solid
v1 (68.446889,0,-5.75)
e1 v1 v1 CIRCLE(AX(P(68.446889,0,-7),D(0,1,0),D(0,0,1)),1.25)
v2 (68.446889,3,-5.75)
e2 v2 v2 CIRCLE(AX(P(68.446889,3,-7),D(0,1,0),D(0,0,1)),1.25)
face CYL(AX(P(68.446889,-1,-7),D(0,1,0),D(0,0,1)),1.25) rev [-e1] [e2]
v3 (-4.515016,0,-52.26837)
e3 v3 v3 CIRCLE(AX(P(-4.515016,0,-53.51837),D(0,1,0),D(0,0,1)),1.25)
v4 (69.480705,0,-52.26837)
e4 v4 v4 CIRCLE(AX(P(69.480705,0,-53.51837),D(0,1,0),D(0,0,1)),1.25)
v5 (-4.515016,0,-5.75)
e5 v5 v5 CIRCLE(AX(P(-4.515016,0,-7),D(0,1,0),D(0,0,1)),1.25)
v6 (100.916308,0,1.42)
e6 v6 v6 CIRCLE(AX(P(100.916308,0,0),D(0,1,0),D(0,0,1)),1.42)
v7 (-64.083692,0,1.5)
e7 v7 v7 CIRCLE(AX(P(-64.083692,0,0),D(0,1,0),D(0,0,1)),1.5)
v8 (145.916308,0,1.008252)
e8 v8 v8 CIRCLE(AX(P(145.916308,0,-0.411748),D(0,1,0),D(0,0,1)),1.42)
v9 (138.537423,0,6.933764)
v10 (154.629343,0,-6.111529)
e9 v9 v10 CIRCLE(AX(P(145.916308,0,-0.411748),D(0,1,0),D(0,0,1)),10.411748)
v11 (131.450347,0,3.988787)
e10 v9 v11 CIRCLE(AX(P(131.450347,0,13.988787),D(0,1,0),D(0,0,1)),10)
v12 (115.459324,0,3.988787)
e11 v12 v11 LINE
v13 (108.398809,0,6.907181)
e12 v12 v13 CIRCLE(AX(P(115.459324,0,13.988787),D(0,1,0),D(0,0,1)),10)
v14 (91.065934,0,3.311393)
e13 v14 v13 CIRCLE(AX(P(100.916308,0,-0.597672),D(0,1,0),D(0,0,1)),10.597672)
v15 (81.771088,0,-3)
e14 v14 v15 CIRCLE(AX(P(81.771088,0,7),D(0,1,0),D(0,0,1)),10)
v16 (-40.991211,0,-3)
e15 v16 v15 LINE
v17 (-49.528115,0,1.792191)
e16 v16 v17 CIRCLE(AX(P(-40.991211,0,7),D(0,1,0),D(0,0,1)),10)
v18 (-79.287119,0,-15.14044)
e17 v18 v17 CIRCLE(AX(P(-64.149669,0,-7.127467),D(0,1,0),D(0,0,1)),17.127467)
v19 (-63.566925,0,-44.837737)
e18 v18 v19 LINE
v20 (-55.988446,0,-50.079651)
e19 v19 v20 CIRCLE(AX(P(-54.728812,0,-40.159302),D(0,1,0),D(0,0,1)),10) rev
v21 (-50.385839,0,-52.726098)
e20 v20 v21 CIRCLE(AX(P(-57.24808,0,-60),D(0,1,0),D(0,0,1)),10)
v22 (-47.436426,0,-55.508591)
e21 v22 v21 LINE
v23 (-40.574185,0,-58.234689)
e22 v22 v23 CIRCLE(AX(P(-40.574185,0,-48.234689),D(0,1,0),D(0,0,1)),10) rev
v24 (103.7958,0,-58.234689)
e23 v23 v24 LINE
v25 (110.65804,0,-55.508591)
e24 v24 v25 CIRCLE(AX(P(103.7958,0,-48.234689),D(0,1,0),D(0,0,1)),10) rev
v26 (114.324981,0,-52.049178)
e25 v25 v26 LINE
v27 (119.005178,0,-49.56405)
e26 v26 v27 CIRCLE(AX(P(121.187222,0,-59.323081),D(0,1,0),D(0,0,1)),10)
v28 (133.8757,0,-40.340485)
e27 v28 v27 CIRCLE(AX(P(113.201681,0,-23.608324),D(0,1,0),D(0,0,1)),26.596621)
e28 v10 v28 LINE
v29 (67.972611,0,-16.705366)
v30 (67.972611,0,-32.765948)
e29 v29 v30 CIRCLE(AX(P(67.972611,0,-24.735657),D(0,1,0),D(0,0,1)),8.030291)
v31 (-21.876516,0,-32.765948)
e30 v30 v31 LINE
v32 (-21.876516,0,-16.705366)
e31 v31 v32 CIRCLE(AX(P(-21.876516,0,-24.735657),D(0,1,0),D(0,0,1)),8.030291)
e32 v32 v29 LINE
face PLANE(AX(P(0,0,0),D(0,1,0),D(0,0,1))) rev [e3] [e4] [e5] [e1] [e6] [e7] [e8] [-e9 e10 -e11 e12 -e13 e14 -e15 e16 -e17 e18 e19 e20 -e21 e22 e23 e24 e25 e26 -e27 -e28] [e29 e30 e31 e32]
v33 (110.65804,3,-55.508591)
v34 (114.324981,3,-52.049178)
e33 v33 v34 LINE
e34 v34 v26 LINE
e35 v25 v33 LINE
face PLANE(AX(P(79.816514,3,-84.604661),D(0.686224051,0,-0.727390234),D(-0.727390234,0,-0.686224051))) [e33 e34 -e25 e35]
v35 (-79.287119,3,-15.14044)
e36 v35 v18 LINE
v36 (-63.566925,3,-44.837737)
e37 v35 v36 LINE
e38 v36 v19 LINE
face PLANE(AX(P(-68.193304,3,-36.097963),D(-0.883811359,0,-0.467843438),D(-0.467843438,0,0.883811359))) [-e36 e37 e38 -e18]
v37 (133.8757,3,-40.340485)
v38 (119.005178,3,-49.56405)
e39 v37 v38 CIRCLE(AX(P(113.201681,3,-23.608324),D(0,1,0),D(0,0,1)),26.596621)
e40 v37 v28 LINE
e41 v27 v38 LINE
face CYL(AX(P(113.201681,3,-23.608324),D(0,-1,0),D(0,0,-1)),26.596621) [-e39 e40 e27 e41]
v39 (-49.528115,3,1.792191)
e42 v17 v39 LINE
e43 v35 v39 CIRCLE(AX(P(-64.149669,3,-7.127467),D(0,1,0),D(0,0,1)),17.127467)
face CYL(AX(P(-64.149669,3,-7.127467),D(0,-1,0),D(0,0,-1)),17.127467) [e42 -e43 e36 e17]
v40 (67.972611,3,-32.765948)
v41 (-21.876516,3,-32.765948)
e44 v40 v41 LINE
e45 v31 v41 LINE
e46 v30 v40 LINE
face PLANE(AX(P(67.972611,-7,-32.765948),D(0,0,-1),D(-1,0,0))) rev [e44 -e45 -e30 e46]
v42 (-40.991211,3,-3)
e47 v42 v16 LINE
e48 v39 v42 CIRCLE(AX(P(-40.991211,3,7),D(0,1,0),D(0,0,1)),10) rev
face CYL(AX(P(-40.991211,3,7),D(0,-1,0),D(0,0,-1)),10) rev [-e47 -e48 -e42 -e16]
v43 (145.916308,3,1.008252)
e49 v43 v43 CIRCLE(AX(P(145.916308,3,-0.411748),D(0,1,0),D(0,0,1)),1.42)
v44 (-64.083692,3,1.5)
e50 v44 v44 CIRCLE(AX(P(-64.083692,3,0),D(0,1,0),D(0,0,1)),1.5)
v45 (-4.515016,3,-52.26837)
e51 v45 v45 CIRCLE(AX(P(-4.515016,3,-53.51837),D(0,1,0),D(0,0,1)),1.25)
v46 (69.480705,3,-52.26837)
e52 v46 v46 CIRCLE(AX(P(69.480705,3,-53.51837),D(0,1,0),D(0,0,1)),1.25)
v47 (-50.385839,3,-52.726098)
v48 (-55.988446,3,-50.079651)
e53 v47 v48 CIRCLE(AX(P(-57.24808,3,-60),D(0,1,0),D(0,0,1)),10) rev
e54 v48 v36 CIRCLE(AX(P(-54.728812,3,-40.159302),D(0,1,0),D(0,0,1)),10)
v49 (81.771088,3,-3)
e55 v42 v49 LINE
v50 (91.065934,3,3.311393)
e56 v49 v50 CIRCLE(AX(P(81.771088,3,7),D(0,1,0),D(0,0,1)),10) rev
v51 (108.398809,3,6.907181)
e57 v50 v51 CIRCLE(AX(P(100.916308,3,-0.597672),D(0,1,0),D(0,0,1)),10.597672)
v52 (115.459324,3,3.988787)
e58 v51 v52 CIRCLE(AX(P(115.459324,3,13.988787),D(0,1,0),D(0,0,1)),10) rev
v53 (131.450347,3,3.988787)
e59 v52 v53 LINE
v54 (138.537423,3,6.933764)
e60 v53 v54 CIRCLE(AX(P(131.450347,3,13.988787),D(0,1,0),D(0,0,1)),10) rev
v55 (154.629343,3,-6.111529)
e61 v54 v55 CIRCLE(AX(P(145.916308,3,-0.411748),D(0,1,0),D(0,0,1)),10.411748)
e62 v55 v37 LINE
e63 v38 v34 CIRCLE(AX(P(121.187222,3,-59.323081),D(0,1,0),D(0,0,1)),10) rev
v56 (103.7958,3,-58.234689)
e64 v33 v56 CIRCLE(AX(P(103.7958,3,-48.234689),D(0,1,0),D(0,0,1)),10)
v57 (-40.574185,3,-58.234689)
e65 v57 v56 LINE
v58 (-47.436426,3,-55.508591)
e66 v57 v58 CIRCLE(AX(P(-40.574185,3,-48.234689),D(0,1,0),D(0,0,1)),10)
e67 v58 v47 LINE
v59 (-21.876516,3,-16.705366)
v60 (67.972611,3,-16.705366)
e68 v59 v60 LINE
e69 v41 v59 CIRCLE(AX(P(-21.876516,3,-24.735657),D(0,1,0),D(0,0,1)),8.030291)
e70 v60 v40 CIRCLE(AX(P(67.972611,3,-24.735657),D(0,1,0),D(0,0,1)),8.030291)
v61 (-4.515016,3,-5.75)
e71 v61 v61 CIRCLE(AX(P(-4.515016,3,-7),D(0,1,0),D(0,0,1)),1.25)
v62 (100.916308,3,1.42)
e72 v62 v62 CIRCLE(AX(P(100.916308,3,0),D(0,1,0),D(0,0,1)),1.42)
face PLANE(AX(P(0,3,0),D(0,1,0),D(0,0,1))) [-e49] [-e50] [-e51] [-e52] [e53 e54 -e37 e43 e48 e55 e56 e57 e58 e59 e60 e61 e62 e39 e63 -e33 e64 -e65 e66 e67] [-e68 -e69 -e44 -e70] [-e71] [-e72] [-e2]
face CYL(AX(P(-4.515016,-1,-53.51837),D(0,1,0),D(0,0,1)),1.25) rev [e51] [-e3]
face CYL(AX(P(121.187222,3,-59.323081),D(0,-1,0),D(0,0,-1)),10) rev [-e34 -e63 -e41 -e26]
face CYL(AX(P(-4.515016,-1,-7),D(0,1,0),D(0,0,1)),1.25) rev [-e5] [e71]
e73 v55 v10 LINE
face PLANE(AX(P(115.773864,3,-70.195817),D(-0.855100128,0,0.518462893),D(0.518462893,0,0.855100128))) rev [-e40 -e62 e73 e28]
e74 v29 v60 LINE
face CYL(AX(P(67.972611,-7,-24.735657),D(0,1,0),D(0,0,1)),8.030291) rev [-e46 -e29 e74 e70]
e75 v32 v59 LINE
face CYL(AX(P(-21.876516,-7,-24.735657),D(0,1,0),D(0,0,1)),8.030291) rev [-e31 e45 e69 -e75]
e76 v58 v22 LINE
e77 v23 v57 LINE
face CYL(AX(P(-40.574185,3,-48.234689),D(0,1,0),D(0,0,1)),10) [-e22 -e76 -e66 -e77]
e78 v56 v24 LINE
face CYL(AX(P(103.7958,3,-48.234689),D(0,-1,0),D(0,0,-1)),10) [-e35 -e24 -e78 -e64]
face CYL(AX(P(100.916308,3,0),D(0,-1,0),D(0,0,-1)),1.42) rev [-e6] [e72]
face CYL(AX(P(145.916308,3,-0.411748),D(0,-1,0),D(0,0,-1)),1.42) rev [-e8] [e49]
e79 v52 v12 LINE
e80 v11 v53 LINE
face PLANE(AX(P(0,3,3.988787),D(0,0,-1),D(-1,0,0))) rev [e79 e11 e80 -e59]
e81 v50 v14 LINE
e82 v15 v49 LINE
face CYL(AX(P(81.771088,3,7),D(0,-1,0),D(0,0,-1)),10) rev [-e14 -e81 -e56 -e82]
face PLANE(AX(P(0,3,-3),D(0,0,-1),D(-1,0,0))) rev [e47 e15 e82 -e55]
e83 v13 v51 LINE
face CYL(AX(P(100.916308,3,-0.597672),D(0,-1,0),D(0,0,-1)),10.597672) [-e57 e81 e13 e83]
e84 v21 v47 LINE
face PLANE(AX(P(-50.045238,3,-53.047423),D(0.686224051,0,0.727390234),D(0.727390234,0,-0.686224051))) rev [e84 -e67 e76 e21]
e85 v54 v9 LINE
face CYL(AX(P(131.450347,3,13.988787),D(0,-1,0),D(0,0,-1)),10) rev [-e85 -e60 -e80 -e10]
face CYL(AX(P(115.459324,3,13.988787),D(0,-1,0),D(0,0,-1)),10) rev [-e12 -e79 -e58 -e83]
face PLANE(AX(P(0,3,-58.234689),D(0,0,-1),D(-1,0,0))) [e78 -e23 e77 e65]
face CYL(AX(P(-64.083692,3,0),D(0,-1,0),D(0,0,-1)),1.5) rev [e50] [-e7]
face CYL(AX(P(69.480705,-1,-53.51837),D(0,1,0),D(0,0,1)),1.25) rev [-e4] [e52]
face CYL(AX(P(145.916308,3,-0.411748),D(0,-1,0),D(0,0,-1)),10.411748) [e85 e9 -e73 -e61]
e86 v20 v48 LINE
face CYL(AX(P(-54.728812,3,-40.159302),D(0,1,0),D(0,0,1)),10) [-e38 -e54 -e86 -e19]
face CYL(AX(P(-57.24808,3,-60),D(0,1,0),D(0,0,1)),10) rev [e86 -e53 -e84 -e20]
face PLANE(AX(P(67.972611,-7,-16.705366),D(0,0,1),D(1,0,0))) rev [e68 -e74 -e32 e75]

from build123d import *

# Parameters (mm, degrees)
SKETCH1_R           = 1.42
SKETCH1_R_2         = 1.5
BOSS_EXTRUDE1_DEPTH = 3
CUT_EXTRUDE1_DEPTH  = 10
SKETCH3_R           = 1.25
CUT_EXTRUDE2_DEPTH  = 4
FILLET3_R           = 10
FILLET5_R           = 10
FILLET6_R           = 10


with BuildPart() as part:
    # Sketch1 → Boss-Extrude1 (new body)
    with BuildSketch(Plane(origin=(0, 0, 0), x_dir=(1, 0, 0), z_dir=(0, 1, 0))):
        with BuildLine():
            ThreePointArc((133.875699804, 40.34048493), (126.122977609, 46.855267092), (116.497088404, 50))
            Line((116.497088404, 50), (107.768405602, 58.234688612))
            Line((107.768405602, 58.234688612), (-44.546790917, 58.234688612))
            Line((-44.546790917, 58.234688612), (-53.27547372, 50))
            Line((-53.27547372, 50), (-60.834293515, 50))
            Line((-60.834293515, 50), (-79.287118585, 15.140440013))
            ThreePointArc((-79.287118585, 15.140440013), (-70.265146029, -8.871003651), (-47.526969146, 3))
            Line((-47.526969146, 3), (90.594512312, 3))
            ThreePointArc((90.594512312, 3), (97.400879011, -9.399948213), (110.470105416, -3.988787107))
            Line((110.470105416, -3.988787107), (136.480218576, -3.988787107))
            ThreePointArc((136.480218576, -3.988787107), (150.979390144, -8.686037245), (154.629343476, 6.111529301))
            Line((154.629343476, 6.111529301), (133.875699804, 40.34048493))
        make_face()
        with Locations(Location((145.916308107, 0.41174787, 0), (0, 0, 270))):
            Circle(SKETCH1_R, mode=Mode.SUBTRACT)
        with Locations(Location((100.916308107, 0, 0), (0, 0, 270))):
            Circle(SKETCH1_R, mode=Mode.SUBTRACT)
        with Locations(Location((-64.083691893, 0, 0), (0, 0, 270))):
            Circle(SKETCH1_R_2, mode=Mode.SUBTRACT)
    extrude(amount=BOSS_EXTRUDE1_DEPTH)

    # Sketch2 → Cut-Extrude1 (cut)
    with BuildSketch(Plane(origin=(0, 3, 0), x_dir=(1, 0, 0), z_dir=(0, 1, 0))):
        with BuildLine():
            Line((67.972610999, 16.705365669), (-21.876516484, 16.705365669))
            ThreePointArc((-21.876516484, 16.705365669), (-29.906807538, 24.735656723), (-21.876516484, 32.765947778))
            Line((-21.876516484, 32.765947778), (67.972610999, 32.765947778))
            ThreePointArc((67.972610999, 32.765947778), (76.002902053, 24.735656723), (67.972610999, 16.705365669))
        make_face()
    extrude(amount=-CUT_EXTRUDE1_DEPTH, mode=Mode.SUBTRACT)

    # Sketch3 → Cut-Extrude2 (cut)
    with BuildSketch(Plane(origin=(0, 3, 0), x_dir=(1, 0, 0), z_dir=(0, 1, 0))):
        with Locations(Location((-4.515015694, 7, 0), (0, 0, 270))):
            Circle(SKETCH3_R)
        with Locations(Location((68.446888698, 7, 0), (0, 0, 270))):
            Circle(SKETCH3_R)
        with Locations(Location((-4.515015694, 53.518369915, 0), (0, 0, 270))):
            Circle(SKETCH3_R)
        with Locations(Location((69.48070481, 53.518369915, 0), (0, 0, 270))):
            Circle(SKETCH3_R)
    extrude(amount=-CUT_EXTRUDE2_DEPTH, mode=Mode.SUBTRACT)

    # Fillet3
    fillet3_edges = [part.edges().sort_by_distance(p)[0] for p in [
        (110.470105416, 1.5, 3.988787107),
        (90.594512312, 1.5, -3),
        (-47.526969146, 1.5, -3),
        (136.480218576, 1.5, 3.988787107),
    ]]
    fillet(fillet3_edges, radius=FILLET3_R)

    # Fillet5
    fillet5_edges = [part.edges().sort_by_distance(p)[0] for p in [
        (-53.27547372, 1.5, -50),
        (-44.546790917, 1.5, -58.234688612),
        (107.768405602, 1.5, -58.234688612),
        (116.497088404, 1.5, -50),
    ]]
    fillet(fillet5_edges, radius=FILLET5_R)

    # Fillet6
    fillet6_edges = [part.edges().sort_by_distance(p)[0] for p in [
        (-60.834293515, 1.5, -50),
    ]]
    fillet(fillet6_edges, radius=FILLET6_R)


solid = part.part
